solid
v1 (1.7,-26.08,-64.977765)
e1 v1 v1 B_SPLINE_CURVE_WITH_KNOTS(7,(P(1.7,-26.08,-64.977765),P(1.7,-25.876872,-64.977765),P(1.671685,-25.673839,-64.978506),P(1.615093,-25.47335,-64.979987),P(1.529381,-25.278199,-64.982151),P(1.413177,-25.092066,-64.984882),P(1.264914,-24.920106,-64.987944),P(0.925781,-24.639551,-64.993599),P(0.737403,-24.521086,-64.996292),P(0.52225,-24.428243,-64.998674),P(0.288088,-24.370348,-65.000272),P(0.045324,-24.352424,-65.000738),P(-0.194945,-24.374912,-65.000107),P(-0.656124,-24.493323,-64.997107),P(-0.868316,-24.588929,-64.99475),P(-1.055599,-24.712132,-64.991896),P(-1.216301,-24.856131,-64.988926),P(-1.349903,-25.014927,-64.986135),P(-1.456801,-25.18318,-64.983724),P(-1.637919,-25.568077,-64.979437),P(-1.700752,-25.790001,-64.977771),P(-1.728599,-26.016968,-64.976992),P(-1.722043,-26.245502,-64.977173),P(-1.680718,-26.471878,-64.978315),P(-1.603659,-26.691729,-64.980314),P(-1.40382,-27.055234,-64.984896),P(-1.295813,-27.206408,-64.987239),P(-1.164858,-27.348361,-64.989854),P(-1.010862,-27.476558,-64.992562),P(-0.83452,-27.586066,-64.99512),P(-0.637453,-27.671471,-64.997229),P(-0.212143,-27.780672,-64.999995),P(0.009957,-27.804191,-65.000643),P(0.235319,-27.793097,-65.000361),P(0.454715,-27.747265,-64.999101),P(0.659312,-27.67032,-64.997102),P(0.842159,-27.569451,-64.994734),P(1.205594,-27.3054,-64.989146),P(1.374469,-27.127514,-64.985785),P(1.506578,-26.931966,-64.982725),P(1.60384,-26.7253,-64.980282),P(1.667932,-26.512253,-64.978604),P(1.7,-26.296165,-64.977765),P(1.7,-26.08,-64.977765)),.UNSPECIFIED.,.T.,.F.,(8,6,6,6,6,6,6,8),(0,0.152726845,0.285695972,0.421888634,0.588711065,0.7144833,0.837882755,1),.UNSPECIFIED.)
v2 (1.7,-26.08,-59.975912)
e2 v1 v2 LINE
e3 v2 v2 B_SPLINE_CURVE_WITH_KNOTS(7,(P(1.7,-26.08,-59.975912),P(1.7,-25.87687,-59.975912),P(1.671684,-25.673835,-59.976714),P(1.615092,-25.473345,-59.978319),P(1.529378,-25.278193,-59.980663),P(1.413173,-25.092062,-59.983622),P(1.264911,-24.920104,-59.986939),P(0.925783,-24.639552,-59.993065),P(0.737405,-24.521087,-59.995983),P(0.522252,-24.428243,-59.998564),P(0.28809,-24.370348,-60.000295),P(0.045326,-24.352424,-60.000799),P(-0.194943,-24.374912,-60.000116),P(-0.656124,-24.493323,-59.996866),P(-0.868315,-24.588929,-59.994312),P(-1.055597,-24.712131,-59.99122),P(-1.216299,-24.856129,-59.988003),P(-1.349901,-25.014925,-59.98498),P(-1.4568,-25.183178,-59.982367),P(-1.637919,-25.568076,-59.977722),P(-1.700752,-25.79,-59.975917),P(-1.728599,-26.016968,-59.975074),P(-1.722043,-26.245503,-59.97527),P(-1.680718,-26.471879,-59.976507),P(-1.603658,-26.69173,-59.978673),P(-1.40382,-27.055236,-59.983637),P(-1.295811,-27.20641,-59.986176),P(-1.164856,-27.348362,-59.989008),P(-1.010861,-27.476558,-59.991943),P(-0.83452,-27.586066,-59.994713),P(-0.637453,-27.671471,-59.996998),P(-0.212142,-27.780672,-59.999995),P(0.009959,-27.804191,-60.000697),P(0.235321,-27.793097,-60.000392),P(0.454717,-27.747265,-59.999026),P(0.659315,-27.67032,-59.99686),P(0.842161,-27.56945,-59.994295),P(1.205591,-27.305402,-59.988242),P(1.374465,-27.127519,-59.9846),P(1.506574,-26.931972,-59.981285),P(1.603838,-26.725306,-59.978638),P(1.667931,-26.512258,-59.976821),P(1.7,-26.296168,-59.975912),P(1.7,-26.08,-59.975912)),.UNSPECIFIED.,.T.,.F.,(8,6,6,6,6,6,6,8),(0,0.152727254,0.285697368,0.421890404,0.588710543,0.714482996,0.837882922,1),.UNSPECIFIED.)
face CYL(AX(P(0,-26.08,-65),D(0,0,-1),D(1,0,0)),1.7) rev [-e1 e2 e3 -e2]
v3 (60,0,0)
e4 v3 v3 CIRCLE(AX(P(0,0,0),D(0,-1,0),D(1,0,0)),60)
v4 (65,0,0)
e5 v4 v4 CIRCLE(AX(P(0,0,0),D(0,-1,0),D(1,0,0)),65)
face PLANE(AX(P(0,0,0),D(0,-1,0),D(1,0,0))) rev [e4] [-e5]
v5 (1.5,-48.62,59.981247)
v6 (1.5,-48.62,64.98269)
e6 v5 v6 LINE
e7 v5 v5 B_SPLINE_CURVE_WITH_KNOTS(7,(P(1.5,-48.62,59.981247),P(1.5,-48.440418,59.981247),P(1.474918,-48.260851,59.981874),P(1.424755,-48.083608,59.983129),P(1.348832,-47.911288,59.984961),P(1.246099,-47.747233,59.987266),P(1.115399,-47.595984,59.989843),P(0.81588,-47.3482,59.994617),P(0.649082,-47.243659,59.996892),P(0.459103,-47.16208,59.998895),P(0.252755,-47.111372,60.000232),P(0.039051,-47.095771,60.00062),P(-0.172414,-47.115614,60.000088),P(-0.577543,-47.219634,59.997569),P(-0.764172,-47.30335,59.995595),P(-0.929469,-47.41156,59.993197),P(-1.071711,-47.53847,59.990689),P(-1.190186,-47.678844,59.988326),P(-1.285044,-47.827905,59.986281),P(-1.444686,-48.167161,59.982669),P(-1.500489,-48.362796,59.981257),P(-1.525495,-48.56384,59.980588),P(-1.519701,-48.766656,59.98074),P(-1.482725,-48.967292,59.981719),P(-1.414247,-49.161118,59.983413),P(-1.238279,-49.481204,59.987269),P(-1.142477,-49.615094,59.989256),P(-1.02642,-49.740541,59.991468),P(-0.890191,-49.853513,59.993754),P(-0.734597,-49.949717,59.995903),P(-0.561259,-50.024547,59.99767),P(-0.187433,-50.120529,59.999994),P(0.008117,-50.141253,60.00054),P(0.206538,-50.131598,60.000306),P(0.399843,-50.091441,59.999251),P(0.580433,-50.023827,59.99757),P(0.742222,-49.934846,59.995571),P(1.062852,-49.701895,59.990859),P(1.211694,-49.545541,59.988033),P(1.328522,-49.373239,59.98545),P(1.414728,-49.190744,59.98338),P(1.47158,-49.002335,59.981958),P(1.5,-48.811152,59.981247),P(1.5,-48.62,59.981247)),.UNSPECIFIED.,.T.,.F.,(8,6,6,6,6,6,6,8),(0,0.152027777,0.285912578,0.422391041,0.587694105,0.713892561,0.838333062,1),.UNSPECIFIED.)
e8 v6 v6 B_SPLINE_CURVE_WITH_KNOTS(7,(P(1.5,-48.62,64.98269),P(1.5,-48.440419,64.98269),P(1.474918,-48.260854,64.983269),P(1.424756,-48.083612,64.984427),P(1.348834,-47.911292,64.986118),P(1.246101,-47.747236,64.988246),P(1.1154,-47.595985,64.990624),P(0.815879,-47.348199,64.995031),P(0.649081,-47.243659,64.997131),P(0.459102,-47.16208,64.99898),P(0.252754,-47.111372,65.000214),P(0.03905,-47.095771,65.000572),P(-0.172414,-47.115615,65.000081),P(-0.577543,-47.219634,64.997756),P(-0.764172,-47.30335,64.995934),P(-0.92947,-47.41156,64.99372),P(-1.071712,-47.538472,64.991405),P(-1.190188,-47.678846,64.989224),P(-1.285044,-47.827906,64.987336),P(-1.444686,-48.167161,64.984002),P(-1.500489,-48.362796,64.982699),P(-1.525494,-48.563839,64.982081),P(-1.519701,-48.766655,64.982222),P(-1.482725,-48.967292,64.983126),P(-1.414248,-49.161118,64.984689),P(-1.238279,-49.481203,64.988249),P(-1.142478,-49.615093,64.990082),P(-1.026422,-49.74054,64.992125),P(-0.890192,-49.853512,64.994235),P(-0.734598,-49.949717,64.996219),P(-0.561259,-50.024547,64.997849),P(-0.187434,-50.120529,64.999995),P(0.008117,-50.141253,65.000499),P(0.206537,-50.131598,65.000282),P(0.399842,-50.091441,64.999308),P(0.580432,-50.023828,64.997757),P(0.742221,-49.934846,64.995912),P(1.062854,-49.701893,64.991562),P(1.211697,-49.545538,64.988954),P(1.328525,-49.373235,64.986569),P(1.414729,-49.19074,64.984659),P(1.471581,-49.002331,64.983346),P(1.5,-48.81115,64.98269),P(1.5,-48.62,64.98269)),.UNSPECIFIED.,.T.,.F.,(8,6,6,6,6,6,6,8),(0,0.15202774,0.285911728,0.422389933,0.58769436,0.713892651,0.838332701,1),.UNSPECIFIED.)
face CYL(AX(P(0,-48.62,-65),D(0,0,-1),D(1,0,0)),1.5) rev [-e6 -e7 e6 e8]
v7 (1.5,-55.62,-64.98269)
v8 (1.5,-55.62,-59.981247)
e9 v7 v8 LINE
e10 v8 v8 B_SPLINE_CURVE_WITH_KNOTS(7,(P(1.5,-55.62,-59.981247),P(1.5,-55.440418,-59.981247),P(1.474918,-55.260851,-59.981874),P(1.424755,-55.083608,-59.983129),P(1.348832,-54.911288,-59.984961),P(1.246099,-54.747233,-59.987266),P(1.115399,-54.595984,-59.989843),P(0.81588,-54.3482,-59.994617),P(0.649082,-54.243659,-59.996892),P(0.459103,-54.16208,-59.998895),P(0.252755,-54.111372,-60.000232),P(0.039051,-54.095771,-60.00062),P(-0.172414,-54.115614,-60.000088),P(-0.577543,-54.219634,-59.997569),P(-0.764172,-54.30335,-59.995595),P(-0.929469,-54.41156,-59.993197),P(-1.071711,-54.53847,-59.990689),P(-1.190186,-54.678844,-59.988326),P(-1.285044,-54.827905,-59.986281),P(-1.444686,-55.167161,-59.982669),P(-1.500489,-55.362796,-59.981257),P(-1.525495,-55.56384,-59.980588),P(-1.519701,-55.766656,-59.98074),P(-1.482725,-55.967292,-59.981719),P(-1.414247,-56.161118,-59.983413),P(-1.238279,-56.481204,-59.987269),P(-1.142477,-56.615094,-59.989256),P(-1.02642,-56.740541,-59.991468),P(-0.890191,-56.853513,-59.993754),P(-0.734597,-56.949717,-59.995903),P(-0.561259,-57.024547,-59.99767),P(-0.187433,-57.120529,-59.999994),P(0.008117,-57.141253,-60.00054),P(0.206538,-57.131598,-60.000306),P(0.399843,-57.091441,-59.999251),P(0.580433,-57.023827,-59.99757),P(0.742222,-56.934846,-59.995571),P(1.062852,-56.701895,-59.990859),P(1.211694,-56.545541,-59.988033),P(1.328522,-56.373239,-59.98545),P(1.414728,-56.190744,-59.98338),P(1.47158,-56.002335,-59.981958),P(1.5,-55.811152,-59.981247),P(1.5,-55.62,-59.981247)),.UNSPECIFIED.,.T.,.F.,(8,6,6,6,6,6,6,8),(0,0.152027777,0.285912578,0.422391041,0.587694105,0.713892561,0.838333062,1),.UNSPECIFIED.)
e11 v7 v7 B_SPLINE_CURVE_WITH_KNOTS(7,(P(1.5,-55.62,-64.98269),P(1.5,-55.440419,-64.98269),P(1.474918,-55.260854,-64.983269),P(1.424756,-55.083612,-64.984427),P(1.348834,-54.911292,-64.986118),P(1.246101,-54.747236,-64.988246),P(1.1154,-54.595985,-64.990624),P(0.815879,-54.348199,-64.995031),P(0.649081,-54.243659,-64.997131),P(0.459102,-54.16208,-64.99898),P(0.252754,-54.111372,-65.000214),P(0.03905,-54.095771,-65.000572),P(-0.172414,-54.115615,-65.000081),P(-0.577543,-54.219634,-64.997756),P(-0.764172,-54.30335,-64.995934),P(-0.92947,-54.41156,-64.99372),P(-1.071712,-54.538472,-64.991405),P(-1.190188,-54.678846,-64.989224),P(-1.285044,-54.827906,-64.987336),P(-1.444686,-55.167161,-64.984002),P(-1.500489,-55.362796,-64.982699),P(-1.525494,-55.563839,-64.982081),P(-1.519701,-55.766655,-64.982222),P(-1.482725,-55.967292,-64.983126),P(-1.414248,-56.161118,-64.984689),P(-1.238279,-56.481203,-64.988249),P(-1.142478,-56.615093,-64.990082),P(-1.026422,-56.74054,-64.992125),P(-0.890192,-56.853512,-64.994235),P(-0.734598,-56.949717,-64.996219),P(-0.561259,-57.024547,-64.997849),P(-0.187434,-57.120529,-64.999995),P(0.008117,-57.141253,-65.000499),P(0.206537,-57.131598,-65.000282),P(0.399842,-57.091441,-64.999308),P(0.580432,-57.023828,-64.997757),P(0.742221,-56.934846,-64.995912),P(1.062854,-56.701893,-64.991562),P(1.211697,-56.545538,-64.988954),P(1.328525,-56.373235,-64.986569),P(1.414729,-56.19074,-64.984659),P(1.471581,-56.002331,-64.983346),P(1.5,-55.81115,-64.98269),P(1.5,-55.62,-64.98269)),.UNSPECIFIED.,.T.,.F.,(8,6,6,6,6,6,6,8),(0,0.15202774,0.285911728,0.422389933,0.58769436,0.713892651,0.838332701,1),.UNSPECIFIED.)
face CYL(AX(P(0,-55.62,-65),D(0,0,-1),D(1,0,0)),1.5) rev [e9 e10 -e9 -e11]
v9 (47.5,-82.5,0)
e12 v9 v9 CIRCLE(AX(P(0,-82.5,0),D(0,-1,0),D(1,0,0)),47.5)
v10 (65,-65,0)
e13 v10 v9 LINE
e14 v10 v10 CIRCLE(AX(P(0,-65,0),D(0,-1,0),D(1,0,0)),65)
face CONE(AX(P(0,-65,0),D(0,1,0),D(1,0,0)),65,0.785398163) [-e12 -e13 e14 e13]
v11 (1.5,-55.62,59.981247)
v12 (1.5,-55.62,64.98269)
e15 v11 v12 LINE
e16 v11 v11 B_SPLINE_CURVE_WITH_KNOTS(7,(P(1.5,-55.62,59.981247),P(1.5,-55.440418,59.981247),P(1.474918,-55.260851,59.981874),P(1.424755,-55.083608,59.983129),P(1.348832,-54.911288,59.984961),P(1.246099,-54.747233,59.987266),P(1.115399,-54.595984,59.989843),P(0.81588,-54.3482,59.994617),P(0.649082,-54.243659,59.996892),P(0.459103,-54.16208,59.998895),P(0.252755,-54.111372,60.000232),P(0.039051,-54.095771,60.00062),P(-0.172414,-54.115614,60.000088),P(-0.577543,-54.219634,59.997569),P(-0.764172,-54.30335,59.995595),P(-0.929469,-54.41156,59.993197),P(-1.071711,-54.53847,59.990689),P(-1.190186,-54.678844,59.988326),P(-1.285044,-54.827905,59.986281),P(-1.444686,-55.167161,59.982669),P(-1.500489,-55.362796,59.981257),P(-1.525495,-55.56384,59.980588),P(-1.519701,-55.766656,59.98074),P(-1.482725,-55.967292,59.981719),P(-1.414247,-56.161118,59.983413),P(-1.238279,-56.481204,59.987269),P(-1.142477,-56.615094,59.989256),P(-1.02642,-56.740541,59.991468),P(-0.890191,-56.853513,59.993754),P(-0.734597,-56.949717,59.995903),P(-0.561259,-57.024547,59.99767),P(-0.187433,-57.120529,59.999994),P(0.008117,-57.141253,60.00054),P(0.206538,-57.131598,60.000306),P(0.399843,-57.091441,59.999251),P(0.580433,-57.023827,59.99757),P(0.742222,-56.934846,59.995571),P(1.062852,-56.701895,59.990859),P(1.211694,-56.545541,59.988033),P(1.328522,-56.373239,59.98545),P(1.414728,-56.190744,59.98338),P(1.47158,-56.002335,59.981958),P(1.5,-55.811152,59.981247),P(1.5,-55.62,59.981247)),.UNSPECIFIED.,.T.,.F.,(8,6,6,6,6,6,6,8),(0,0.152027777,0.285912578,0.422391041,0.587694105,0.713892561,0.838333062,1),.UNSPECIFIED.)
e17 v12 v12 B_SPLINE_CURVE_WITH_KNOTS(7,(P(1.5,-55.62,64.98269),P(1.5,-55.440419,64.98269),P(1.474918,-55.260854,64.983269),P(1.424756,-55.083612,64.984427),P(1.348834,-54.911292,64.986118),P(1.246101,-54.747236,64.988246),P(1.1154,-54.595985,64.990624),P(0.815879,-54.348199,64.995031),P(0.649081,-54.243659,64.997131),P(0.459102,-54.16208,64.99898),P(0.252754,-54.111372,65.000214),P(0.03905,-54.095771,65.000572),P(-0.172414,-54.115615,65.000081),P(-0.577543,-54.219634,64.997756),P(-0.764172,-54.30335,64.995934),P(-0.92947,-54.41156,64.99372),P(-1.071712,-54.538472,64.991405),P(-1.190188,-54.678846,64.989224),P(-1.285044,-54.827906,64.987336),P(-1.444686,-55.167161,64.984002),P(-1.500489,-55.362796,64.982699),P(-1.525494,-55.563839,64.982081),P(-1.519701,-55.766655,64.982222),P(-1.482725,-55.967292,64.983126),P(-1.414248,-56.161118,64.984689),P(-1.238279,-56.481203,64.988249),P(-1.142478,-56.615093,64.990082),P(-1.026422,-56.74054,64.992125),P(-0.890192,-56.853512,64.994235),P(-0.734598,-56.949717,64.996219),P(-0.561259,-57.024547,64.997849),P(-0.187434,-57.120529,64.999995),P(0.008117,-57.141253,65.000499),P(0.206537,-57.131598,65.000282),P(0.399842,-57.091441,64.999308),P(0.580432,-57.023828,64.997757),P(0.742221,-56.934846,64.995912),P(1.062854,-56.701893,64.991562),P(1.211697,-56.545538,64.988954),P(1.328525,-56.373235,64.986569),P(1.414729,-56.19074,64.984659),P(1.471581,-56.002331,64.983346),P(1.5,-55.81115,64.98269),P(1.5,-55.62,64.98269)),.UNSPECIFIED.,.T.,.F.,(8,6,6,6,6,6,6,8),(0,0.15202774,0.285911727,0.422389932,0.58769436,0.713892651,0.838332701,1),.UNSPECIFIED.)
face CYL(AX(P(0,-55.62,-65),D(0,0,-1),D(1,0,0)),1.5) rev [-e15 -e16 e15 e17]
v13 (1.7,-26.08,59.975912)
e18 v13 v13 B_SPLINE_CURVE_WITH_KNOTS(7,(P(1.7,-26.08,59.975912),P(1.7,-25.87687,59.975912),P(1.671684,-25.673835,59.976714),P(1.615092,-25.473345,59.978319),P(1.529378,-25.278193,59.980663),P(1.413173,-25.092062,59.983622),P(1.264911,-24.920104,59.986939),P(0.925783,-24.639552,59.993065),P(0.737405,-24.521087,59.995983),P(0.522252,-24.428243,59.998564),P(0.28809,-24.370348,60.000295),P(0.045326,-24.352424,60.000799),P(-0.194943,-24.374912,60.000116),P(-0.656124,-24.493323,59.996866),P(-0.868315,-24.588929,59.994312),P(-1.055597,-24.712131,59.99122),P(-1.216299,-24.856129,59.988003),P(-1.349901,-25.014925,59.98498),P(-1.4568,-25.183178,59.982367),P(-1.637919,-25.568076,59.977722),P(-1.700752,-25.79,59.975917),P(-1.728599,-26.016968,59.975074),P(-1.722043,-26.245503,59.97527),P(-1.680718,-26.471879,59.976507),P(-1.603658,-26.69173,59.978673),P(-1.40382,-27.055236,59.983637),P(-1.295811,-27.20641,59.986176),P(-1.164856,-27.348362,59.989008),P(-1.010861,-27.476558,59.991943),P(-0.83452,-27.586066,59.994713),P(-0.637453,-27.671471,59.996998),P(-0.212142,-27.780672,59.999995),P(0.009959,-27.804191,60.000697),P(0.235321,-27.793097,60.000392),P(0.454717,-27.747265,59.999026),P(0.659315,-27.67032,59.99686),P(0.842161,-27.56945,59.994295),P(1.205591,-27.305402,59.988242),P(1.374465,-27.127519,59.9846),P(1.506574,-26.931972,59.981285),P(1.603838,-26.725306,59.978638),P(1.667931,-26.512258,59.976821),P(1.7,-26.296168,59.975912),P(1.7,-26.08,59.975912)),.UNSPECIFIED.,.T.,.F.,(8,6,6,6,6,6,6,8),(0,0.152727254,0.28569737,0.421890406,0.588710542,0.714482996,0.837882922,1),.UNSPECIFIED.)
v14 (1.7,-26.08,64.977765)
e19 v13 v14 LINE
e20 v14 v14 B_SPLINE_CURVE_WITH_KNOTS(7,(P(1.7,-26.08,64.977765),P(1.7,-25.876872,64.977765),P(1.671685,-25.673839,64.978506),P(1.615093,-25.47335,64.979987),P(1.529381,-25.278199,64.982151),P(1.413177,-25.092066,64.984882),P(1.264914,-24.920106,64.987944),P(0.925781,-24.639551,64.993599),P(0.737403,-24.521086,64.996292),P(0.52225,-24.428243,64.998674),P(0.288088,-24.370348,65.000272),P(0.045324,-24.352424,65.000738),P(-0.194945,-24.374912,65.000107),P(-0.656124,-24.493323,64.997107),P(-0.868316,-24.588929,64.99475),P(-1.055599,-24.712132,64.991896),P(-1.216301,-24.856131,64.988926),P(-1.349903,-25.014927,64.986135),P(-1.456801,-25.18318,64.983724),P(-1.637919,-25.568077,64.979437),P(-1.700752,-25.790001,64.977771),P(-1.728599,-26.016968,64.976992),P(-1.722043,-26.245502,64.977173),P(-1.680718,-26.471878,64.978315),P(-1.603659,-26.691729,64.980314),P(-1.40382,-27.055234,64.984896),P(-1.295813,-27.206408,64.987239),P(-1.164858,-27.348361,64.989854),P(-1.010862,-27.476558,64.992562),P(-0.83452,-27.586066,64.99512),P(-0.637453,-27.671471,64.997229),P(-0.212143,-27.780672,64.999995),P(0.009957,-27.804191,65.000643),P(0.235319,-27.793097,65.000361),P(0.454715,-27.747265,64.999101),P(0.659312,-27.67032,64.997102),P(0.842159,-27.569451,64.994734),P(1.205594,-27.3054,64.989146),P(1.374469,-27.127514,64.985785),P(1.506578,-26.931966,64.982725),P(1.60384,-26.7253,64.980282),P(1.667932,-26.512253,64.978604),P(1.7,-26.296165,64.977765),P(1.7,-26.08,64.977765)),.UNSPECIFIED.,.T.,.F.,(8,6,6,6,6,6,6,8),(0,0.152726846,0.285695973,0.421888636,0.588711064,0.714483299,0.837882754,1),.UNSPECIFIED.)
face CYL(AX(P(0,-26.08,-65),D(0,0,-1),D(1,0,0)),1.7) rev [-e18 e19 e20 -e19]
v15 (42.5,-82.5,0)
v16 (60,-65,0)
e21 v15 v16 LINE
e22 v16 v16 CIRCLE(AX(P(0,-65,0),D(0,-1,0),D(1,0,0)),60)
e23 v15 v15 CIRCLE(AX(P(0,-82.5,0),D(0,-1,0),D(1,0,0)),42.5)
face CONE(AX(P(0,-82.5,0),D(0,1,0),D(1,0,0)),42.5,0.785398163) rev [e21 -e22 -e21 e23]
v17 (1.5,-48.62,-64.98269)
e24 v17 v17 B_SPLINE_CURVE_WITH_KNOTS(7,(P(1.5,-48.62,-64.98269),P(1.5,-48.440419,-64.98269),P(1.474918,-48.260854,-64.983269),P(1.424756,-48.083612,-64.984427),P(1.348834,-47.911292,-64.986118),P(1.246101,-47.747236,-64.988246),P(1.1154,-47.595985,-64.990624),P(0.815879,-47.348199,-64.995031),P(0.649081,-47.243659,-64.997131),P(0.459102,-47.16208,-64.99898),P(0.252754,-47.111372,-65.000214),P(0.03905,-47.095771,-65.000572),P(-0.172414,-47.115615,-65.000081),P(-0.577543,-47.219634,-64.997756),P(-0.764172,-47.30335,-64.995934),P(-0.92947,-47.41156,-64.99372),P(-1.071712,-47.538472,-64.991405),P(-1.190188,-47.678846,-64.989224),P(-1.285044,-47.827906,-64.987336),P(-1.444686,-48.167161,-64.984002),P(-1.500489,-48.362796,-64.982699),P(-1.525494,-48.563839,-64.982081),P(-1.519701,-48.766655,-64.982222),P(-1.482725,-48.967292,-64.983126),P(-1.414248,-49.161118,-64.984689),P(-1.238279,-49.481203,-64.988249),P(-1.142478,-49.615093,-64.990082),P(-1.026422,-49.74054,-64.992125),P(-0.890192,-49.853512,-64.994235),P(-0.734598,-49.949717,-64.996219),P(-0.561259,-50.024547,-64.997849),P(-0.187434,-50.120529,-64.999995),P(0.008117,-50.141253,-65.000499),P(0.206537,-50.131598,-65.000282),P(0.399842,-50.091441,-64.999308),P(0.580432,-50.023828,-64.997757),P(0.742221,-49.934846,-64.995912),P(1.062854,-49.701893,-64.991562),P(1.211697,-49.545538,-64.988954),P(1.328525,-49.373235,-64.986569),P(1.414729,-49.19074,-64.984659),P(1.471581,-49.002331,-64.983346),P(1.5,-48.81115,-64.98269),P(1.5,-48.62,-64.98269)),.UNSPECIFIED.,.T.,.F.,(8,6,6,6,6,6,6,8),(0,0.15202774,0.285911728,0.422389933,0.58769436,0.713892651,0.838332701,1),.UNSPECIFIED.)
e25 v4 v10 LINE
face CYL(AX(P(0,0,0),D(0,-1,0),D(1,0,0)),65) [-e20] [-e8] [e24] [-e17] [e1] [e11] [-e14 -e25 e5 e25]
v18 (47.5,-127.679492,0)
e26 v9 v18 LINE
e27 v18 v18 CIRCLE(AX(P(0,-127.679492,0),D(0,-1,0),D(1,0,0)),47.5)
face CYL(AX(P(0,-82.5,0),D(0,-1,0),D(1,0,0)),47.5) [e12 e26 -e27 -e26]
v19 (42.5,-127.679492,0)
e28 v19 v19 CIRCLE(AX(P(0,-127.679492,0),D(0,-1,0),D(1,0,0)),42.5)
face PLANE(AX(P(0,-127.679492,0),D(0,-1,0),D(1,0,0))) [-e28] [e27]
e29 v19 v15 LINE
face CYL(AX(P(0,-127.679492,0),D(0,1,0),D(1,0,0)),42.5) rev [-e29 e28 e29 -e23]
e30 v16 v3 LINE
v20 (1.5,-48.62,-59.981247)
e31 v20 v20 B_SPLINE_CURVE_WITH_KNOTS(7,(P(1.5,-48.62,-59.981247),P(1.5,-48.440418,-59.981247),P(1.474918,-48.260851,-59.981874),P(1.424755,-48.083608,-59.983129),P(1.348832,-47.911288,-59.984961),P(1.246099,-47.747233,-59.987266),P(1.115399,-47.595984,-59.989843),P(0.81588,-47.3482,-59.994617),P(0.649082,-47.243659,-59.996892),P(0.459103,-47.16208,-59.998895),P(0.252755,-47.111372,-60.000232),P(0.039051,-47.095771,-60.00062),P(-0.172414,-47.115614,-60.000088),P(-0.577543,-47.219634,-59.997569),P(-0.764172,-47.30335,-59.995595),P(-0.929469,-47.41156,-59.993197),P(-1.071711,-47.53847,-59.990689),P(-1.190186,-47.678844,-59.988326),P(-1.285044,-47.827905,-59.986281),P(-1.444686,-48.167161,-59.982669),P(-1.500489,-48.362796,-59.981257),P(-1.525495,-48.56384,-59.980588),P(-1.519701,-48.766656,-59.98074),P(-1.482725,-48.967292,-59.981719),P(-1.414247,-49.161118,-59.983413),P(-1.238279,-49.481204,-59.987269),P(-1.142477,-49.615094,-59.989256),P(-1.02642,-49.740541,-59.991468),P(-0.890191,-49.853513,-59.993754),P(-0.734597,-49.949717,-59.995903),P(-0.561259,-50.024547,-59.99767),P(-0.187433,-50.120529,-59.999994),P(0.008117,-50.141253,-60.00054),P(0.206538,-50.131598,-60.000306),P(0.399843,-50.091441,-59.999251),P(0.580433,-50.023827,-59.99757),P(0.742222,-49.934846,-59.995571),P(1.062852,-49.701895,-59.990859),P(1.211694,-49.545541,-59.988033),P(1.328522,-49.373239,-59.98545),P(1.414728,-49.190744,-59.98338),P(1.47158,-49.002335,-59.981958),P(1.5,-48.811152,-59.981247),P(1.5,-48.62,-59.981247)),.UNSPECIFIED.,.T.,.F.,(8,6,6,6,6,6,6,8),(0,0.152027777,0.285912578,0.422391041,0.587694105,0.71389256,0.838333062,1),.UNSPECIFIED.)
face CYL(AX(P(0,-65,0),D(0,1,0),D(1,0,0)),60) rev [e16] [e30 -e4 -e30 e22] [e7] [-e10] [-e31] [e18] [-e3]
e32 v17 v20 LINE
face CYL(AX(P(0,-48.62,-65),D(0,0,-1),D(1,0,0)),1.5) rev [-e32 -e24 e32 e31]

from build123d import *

# Parameters (mm, degrees)
SKETCH7_R          = 1.5
SKETCH7_R_2        = 1.7
CUT_EXTRUDE2_DEPTH = 131


with BuildPart() as part:
    # Sketch1 → Revolve1 (revolve)
    with BuildSketch(Plane.XY):
        Polygon((65, -65), (47.5, -82.5), (47.5, -127.679491924), (42.5, -127.679491924), (42.5, -82.5), (60, -65), (60, 0), (65, 0), align=None)
    revolve(axis=Axis((0, 0, 0), (0, -1, 0)))

    # Sketch7 → Cut-Extrude2 (cut, through all)
    with BuildSketch(Plane.XY.offset(-65)):
        with Locations((0, -48.62)):
            Circle(SKETCH7_R)
        with Locations((0, -55.62)):
            Circle(SKETCH7_R)
        with Locations((0, -26.08)):
            Circle(SKETCH7_R_2)
    extrude(amount=CUT_EXTRUDE2_DEPTH, mode=Mode.SUBTRACT)


solid = part.part
